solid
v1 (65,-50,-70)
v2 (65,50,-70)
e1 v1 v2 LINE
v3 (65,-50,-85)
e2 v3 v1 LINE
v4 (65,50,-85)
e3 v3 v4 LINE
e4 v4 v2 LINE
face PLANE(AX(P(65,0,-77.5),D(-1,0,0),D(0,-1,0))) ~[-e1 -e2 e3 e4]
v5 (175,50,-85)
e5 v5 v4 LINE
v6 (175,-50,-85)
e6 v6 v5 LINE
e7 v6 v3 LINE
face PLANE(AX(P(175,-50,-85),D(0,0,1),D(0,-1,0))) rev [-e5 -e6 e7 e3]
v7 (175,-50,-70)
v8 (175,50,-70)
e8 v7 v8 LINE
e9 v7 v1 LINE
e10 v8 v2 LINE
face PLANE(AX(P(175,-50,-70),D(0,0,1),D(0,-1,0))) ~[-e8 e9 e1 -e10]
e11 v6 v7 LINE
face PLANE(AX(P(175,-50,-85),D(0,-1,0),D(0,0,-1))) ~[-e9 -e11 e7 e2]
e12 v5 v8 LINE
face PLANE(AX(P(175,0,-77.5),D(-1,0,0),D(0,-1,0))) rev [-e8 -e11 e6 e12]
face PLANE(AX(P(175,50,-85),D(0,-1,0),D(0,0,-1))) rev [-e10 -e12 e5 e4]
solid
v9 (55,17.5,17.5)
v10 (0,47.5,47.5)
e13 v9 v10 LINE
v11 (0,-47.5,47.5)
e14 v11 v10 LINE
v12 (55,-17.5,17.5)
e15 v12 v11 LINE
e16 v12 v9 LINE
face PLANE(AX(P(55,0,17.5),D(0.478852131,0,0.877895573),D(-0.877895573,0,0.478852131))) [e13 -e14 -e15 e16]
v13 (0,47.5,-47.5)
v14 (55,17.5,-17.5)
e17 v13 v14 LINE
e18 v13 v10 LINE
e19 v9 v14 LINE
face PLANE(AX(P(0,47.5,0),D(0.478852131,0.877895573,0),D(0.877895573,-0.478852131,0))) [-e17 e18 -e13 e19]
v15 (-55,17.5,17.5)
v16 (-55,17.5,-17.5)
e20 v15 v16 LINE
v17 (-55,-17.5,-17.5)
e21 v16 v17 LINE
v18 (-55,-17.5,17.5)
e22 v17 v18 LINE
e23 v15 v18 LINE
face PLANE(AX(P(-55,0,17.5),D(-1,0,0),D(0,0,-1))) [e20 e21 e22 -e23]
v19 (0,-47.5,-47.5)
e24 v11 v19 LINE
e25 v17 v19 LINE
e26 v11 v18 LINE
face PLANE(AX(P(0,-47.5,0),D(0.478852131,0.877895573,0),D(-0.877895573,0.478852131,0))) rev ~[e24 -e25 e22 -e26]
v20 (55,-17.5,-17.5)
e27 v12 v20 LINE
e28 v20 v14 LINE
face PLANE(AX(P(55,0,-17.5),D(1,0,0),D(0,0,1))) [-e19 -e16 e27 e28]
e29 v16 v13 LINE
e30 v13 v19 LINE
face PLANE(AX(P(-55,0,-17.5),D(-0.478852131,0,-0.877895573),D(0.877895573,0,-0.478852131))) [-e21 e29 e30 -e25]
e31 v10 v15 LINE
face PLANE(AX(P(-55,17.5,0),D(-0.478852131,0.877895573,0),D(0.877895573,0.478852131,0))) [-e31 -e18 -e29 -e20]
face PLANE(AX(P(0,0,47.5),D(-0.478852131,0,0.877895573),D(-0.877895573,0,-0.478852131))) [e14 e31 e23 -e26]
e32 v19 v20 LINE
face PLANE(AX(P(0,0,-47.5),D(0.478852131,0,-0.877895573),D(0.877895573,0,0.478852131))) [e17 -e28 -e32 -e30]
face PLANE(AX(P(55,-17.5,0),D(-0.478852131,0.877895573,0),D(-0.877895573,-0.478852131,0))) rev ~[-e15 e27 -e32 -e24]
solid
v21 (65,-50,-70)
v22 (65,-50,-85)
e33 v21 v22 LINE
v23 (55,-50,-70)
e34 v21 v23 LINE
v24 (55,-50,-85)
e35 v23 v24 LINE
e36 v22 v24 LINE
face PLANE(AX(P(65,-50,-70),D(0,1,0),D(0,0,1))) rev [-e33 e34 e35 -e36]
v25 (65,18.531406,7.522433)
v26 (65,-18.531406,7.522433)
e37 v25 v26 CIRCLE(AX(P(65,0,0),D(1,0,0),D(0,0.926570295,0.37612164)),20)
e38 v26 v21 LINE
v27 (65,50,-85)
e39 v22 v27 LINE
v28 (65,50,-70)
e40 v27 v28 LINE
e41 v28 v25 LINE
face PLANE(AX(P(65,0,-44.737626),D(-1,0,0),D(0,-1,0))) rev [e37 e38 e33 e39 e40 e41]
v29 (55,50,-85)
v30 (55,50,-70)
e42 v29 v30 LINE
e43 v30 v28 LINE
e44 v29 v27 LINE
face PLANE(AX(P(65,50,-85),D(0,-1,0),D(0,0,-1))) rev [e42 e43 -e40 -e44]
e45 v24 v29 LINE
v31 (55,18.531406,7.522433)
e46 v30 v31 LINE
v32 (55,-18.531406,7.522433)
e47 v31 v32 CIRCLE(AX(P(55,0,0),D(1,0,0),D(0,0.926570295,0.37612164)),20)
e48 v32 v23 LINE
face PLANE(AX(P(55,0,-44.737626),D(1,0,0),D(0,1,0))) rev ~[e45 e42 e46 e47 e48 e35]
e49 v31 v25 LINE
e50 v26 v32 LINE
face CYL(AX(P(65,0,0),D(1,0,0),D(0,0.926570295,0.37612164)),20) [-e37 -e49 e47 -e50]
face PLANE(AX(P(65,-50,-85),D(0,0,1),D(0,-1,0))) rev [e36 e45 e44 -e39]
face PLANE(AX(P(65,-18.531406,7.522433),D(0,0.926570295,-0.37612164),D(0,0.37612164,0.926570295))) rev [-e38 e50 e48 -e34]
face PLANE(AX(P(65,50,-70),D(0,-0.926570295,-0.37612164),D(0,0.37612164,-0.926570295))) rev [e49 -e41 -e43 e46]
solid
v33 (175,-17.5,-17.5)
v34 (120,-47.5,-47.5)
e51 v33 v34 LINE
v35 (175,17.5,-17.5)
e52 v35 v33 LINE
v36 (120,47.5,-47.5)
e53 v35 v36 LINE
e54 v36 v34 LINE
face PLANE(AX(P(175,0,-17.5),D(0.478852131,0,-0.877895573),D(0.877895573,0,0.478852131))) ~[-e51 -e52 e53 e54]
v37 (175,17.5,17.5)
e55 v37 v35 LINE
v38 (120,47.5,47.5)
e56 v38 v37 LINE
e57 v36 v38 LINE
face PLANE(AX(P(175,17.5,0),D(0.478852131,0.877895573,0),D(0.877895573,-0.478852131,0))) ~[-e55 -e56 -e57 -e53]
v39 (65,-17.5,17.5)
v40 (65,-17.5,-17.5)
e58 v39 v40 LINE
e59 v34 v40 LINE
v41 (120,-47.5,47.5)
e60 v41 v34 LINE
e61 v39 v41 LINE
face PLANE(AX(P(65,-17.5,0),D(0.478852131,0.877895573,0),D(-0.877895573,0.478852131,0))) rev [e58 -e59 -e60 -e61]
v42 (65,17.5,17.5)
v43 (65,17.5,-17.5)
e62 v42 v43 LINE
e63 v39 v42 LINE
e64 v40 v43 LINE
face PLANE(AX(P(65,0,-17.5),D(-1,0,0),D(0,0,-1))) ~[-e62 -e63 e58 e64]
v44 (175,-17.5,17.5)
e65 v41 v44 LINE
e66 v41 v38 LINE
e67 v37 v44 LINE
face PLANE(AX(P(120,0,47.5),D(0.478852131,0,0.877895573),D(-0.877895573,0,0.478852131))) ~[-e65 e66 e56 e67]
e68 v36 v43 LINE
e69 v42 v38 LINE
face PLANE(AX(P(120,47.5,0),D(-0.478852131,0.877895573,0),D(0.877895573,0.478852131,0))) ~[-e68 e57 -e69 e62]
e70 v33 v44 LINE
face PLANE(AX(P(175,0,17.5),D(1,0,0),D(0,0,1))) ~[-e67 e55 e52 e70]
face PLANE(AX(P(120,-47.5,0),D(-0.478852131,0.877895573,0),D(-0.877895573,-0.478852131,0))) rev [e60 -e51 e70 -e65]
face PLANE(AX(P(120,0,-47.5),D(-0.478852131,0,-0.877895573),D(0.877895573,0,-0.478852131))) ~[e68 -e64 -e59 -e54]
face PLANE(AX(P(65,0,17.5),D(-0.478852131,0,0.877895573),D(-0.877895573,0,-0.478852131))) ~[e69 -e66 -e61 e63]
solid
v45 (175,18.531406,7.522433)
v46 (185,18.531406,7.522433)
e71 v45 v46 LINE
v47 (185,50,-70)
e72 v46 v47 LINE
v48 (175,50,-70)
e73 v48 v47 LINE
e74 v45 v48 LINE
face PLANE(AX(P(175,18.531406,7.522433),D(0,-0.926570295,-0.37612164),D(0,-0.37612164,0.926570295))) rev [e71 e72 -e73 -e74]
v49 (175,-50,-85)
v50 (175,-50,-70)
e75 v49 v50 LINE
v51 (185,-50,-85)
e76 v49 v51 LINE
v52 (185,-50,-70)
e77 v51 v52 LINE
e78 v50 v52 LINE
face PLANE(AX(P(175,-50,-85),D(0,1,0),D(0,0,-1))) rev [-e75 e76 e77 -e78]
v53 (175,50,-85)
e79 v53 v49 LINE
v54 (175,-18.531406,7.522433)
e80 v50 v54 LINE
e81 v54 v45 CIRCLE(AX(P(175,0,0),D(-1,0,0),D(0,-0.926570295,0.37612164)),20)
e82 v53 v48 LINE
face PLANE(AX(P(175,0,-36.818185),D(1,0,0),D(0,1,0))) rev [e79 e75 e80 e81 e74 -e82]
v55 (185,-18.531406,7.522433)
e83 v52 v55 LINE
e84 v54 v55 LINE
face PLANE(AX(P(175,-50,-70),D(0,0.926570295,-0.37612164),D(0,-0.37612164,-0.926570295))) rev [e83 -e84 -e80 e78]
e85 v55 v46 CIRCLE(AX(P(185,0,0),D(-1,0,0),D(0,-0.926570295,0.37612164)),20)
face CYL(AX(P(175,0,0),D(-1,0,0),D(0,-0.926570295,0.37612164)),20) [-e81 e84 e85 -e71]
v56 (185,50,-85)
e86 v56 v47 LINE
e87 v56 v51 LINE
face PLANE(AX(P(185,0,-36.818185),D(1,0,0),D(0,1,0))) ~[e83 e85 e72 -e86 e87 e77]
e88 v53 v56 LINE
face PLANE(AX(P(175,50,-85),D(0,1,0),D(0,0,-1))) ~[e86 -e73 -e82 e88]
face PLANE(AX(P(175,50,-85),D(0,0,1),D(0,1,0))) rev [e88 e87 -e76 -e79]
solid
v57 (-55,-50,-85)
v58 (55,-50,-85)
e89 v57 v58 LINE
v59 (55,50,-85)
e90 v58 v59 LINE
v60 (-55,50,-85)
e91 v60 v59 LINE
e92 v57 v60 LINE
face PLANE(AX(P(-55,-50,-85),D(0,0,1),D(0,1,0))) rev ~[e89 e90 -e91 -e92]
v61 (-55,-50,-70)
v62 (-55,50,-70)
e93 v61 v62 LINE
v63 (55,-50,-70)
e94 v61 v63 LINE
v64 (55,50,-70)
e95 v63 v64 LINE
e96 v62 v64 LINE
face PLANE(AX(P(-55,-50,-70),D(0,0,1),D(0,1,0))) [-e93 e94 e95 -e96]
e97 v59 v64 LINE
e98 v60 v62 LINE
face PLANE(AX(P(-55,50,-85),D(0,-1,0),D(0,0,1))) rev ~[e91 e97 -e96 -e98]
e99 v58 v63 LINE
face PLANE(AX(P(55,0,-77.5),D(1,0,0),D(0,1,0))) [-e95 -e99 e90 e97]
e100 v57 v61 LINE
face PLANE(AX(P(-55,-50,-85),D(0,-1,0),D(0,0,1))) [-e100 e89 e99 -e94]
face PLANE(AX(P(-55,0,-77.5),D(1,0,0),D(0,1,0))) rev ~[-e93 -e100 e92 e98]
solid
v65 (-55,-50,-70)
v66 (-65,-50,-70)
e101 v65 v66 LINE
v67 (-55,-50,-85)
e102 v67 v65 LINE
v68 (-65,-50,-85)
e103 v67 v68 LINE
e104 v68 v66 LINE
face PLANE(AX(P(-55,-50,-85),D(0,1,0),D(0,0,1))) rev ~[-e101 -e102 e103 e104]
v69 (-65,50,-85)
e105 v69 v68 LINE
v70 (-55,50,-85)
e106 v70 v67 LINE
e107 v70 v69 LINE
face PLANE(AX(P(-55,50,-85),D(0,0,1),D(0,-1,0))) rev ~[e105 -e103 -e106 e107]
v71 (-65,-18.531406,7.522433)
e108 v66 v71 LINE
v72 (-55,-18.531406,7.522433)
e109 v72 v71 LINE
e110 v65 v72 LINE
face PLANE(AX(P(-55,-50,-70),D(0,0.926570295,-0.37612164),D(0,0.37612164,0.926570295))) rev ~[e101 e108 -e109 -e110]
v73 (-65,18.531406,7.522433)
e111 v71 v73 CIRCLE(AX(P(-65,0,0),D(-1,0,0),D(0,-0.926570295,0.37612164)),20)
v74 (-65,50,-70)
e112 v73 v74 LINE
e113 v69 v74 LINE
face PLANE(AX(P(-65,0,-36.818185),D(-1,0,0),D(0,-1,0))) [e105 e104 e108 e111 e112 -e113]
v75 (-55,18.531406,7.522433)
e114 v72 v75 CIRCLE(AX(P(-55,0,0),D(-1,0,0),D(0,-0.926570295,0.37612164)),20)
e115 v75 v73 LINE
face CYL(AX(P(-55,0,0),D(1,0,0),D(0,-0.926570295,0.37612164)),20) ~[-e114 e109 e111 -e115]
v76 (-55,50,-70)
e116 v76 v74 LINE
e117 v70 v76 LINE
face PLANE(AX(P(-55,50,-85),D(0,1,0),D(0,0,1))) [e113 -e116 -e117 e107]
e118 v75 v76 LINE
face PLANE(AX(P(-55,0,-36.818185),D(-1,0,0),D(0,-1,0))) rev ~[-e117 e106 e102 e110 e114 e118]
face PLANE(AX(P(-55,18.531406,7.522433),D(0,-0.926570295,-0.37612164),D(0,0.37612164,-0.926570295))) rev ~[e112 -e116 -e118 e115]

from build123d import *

# Parameters (mm, degrees)
F3_DEPTH  = 47.5
F5_DEPTH  = 55
F6_W      = 100
F6_H      = 15
F7_DEPTH  = 10
F9_DEPTH  = 5
F10_W     = 100
F10_H     = 15
F11_DEPTH = 110


with BuildPart() as f3:
    # F2 (on Front) → F3 (new body, symmetric)
    with BuildSketch(Plane.XZ):
        Polygon((0, 47.5), (-55, 17.5), (-55, -17.5), (0, -47.5), (55, -17.5), (55, 17.5), align=None)
    extrude(amount=F3_DEPTH, both=True)

    # F4 (on Top) → F5 (cut, symmetric)
    with BuildSketch(Plane.XY):
        Polygon((-55, 17.5), (0, 47.5), (-55, 47.5), align=None)
        Polygon((55, 47.5), (0, 47.5), (55, 17.5), align=None)
        Polygon((55, -47.5), (55, -17.5), (0, -47.5), align=None)
        Polygon((0, -47.5), (-55, -17.5), (-55, -47.5), align=None)
    extrude(amount=F5_DEPTH, both=True, mode=Mode.SUBTRACT)


with BuildPart() as f7:
    # F6 (on face) → F7 (new body)
    with BuildSketch(Plane(origin=(-55, 0, 0), x_dir=(0, -1, 0), z_dir=(-1, 0, 0))):
        with BuildLine():
            Line((-18.5314059074, 7.522432791), (-50, -70))
            Line((-50, -70), (50, -70))
            Line((50, -70), (18.5314059074, 7.522432791))
            ThreePointArc((18.5314059074, 7.522432791), (0, 20), (-18.5314059074, 7.522432791))
        make_face()
        with Locations((0, -77.5)):
            Rectangle(F6_W, F6_H)
    extrude(amount=F7_DEPTH)


with BuildPart() as f9:
    # F8 (on face) → F9 (new body)
    with BuildSketch(Plane.YZ.offset(55)):
        with BuildLine():
            Line((-50, -85), (50, -85))
            Line((50, -85), (50, -70))
            Line((50, -70), (18.5314059074, 7.522432791))
            ThreePointArc((18.5314059074, 7.522432791), (0, 20), (-18.5314059074, 7.522432791))
            Line((-18.5314059074, 7.522432791), (-50, -70))
            Line((-50, -70), (-50, -85))
        make_face()
    extrude(amount=F9_DEPTH)

    # F13: F9 across face


with BuildPart() as f11:
    # F10 (on face) → F11 (new body, through all)
    with BuildSketch(Plane.YZ.offset(-55)):
        with Locations((0, -77.5)):
            Rectangle(F10_W, F10_H)
    extrude(amount=F11_DEPTH)


with BuildPart() as f12_1:
    # F12: instance of F3
    add(f3.part.mirror(Plane(origin=(60, 0, -43.3010786838), x_dir=(0, 1, 0), z_dir=(1, 0, 0))))


with BuildPart() as f12_2:
    # F12: instance of F7
    add(f7.part.mirror(Plane(origin=(60, 0, -43.3010786838), x_dir=(0, 1, 0), z_dir=(1, 0, 0))))


with BuildPart() as f12_3:
    # F12: instance of F11
    add(f11.part.mirror(Plane(origin=(60, 0, -43.3010786838), x_dir=(0, 1, 0), z_dir=(1, 0, 0))))


with BuildPart() as f9_1:
    add(f9.part)
    add(f9.part.mirror(Plane(origin=(60, 0, -43.3010786838), x_dir=(0, 1, 0), z_dir=(1, 0, 0))))


solid = Compound([f3.part, f7.part, f11.part, f12_1.part, f12_2.part, f12_3.part, f9_1.part])
